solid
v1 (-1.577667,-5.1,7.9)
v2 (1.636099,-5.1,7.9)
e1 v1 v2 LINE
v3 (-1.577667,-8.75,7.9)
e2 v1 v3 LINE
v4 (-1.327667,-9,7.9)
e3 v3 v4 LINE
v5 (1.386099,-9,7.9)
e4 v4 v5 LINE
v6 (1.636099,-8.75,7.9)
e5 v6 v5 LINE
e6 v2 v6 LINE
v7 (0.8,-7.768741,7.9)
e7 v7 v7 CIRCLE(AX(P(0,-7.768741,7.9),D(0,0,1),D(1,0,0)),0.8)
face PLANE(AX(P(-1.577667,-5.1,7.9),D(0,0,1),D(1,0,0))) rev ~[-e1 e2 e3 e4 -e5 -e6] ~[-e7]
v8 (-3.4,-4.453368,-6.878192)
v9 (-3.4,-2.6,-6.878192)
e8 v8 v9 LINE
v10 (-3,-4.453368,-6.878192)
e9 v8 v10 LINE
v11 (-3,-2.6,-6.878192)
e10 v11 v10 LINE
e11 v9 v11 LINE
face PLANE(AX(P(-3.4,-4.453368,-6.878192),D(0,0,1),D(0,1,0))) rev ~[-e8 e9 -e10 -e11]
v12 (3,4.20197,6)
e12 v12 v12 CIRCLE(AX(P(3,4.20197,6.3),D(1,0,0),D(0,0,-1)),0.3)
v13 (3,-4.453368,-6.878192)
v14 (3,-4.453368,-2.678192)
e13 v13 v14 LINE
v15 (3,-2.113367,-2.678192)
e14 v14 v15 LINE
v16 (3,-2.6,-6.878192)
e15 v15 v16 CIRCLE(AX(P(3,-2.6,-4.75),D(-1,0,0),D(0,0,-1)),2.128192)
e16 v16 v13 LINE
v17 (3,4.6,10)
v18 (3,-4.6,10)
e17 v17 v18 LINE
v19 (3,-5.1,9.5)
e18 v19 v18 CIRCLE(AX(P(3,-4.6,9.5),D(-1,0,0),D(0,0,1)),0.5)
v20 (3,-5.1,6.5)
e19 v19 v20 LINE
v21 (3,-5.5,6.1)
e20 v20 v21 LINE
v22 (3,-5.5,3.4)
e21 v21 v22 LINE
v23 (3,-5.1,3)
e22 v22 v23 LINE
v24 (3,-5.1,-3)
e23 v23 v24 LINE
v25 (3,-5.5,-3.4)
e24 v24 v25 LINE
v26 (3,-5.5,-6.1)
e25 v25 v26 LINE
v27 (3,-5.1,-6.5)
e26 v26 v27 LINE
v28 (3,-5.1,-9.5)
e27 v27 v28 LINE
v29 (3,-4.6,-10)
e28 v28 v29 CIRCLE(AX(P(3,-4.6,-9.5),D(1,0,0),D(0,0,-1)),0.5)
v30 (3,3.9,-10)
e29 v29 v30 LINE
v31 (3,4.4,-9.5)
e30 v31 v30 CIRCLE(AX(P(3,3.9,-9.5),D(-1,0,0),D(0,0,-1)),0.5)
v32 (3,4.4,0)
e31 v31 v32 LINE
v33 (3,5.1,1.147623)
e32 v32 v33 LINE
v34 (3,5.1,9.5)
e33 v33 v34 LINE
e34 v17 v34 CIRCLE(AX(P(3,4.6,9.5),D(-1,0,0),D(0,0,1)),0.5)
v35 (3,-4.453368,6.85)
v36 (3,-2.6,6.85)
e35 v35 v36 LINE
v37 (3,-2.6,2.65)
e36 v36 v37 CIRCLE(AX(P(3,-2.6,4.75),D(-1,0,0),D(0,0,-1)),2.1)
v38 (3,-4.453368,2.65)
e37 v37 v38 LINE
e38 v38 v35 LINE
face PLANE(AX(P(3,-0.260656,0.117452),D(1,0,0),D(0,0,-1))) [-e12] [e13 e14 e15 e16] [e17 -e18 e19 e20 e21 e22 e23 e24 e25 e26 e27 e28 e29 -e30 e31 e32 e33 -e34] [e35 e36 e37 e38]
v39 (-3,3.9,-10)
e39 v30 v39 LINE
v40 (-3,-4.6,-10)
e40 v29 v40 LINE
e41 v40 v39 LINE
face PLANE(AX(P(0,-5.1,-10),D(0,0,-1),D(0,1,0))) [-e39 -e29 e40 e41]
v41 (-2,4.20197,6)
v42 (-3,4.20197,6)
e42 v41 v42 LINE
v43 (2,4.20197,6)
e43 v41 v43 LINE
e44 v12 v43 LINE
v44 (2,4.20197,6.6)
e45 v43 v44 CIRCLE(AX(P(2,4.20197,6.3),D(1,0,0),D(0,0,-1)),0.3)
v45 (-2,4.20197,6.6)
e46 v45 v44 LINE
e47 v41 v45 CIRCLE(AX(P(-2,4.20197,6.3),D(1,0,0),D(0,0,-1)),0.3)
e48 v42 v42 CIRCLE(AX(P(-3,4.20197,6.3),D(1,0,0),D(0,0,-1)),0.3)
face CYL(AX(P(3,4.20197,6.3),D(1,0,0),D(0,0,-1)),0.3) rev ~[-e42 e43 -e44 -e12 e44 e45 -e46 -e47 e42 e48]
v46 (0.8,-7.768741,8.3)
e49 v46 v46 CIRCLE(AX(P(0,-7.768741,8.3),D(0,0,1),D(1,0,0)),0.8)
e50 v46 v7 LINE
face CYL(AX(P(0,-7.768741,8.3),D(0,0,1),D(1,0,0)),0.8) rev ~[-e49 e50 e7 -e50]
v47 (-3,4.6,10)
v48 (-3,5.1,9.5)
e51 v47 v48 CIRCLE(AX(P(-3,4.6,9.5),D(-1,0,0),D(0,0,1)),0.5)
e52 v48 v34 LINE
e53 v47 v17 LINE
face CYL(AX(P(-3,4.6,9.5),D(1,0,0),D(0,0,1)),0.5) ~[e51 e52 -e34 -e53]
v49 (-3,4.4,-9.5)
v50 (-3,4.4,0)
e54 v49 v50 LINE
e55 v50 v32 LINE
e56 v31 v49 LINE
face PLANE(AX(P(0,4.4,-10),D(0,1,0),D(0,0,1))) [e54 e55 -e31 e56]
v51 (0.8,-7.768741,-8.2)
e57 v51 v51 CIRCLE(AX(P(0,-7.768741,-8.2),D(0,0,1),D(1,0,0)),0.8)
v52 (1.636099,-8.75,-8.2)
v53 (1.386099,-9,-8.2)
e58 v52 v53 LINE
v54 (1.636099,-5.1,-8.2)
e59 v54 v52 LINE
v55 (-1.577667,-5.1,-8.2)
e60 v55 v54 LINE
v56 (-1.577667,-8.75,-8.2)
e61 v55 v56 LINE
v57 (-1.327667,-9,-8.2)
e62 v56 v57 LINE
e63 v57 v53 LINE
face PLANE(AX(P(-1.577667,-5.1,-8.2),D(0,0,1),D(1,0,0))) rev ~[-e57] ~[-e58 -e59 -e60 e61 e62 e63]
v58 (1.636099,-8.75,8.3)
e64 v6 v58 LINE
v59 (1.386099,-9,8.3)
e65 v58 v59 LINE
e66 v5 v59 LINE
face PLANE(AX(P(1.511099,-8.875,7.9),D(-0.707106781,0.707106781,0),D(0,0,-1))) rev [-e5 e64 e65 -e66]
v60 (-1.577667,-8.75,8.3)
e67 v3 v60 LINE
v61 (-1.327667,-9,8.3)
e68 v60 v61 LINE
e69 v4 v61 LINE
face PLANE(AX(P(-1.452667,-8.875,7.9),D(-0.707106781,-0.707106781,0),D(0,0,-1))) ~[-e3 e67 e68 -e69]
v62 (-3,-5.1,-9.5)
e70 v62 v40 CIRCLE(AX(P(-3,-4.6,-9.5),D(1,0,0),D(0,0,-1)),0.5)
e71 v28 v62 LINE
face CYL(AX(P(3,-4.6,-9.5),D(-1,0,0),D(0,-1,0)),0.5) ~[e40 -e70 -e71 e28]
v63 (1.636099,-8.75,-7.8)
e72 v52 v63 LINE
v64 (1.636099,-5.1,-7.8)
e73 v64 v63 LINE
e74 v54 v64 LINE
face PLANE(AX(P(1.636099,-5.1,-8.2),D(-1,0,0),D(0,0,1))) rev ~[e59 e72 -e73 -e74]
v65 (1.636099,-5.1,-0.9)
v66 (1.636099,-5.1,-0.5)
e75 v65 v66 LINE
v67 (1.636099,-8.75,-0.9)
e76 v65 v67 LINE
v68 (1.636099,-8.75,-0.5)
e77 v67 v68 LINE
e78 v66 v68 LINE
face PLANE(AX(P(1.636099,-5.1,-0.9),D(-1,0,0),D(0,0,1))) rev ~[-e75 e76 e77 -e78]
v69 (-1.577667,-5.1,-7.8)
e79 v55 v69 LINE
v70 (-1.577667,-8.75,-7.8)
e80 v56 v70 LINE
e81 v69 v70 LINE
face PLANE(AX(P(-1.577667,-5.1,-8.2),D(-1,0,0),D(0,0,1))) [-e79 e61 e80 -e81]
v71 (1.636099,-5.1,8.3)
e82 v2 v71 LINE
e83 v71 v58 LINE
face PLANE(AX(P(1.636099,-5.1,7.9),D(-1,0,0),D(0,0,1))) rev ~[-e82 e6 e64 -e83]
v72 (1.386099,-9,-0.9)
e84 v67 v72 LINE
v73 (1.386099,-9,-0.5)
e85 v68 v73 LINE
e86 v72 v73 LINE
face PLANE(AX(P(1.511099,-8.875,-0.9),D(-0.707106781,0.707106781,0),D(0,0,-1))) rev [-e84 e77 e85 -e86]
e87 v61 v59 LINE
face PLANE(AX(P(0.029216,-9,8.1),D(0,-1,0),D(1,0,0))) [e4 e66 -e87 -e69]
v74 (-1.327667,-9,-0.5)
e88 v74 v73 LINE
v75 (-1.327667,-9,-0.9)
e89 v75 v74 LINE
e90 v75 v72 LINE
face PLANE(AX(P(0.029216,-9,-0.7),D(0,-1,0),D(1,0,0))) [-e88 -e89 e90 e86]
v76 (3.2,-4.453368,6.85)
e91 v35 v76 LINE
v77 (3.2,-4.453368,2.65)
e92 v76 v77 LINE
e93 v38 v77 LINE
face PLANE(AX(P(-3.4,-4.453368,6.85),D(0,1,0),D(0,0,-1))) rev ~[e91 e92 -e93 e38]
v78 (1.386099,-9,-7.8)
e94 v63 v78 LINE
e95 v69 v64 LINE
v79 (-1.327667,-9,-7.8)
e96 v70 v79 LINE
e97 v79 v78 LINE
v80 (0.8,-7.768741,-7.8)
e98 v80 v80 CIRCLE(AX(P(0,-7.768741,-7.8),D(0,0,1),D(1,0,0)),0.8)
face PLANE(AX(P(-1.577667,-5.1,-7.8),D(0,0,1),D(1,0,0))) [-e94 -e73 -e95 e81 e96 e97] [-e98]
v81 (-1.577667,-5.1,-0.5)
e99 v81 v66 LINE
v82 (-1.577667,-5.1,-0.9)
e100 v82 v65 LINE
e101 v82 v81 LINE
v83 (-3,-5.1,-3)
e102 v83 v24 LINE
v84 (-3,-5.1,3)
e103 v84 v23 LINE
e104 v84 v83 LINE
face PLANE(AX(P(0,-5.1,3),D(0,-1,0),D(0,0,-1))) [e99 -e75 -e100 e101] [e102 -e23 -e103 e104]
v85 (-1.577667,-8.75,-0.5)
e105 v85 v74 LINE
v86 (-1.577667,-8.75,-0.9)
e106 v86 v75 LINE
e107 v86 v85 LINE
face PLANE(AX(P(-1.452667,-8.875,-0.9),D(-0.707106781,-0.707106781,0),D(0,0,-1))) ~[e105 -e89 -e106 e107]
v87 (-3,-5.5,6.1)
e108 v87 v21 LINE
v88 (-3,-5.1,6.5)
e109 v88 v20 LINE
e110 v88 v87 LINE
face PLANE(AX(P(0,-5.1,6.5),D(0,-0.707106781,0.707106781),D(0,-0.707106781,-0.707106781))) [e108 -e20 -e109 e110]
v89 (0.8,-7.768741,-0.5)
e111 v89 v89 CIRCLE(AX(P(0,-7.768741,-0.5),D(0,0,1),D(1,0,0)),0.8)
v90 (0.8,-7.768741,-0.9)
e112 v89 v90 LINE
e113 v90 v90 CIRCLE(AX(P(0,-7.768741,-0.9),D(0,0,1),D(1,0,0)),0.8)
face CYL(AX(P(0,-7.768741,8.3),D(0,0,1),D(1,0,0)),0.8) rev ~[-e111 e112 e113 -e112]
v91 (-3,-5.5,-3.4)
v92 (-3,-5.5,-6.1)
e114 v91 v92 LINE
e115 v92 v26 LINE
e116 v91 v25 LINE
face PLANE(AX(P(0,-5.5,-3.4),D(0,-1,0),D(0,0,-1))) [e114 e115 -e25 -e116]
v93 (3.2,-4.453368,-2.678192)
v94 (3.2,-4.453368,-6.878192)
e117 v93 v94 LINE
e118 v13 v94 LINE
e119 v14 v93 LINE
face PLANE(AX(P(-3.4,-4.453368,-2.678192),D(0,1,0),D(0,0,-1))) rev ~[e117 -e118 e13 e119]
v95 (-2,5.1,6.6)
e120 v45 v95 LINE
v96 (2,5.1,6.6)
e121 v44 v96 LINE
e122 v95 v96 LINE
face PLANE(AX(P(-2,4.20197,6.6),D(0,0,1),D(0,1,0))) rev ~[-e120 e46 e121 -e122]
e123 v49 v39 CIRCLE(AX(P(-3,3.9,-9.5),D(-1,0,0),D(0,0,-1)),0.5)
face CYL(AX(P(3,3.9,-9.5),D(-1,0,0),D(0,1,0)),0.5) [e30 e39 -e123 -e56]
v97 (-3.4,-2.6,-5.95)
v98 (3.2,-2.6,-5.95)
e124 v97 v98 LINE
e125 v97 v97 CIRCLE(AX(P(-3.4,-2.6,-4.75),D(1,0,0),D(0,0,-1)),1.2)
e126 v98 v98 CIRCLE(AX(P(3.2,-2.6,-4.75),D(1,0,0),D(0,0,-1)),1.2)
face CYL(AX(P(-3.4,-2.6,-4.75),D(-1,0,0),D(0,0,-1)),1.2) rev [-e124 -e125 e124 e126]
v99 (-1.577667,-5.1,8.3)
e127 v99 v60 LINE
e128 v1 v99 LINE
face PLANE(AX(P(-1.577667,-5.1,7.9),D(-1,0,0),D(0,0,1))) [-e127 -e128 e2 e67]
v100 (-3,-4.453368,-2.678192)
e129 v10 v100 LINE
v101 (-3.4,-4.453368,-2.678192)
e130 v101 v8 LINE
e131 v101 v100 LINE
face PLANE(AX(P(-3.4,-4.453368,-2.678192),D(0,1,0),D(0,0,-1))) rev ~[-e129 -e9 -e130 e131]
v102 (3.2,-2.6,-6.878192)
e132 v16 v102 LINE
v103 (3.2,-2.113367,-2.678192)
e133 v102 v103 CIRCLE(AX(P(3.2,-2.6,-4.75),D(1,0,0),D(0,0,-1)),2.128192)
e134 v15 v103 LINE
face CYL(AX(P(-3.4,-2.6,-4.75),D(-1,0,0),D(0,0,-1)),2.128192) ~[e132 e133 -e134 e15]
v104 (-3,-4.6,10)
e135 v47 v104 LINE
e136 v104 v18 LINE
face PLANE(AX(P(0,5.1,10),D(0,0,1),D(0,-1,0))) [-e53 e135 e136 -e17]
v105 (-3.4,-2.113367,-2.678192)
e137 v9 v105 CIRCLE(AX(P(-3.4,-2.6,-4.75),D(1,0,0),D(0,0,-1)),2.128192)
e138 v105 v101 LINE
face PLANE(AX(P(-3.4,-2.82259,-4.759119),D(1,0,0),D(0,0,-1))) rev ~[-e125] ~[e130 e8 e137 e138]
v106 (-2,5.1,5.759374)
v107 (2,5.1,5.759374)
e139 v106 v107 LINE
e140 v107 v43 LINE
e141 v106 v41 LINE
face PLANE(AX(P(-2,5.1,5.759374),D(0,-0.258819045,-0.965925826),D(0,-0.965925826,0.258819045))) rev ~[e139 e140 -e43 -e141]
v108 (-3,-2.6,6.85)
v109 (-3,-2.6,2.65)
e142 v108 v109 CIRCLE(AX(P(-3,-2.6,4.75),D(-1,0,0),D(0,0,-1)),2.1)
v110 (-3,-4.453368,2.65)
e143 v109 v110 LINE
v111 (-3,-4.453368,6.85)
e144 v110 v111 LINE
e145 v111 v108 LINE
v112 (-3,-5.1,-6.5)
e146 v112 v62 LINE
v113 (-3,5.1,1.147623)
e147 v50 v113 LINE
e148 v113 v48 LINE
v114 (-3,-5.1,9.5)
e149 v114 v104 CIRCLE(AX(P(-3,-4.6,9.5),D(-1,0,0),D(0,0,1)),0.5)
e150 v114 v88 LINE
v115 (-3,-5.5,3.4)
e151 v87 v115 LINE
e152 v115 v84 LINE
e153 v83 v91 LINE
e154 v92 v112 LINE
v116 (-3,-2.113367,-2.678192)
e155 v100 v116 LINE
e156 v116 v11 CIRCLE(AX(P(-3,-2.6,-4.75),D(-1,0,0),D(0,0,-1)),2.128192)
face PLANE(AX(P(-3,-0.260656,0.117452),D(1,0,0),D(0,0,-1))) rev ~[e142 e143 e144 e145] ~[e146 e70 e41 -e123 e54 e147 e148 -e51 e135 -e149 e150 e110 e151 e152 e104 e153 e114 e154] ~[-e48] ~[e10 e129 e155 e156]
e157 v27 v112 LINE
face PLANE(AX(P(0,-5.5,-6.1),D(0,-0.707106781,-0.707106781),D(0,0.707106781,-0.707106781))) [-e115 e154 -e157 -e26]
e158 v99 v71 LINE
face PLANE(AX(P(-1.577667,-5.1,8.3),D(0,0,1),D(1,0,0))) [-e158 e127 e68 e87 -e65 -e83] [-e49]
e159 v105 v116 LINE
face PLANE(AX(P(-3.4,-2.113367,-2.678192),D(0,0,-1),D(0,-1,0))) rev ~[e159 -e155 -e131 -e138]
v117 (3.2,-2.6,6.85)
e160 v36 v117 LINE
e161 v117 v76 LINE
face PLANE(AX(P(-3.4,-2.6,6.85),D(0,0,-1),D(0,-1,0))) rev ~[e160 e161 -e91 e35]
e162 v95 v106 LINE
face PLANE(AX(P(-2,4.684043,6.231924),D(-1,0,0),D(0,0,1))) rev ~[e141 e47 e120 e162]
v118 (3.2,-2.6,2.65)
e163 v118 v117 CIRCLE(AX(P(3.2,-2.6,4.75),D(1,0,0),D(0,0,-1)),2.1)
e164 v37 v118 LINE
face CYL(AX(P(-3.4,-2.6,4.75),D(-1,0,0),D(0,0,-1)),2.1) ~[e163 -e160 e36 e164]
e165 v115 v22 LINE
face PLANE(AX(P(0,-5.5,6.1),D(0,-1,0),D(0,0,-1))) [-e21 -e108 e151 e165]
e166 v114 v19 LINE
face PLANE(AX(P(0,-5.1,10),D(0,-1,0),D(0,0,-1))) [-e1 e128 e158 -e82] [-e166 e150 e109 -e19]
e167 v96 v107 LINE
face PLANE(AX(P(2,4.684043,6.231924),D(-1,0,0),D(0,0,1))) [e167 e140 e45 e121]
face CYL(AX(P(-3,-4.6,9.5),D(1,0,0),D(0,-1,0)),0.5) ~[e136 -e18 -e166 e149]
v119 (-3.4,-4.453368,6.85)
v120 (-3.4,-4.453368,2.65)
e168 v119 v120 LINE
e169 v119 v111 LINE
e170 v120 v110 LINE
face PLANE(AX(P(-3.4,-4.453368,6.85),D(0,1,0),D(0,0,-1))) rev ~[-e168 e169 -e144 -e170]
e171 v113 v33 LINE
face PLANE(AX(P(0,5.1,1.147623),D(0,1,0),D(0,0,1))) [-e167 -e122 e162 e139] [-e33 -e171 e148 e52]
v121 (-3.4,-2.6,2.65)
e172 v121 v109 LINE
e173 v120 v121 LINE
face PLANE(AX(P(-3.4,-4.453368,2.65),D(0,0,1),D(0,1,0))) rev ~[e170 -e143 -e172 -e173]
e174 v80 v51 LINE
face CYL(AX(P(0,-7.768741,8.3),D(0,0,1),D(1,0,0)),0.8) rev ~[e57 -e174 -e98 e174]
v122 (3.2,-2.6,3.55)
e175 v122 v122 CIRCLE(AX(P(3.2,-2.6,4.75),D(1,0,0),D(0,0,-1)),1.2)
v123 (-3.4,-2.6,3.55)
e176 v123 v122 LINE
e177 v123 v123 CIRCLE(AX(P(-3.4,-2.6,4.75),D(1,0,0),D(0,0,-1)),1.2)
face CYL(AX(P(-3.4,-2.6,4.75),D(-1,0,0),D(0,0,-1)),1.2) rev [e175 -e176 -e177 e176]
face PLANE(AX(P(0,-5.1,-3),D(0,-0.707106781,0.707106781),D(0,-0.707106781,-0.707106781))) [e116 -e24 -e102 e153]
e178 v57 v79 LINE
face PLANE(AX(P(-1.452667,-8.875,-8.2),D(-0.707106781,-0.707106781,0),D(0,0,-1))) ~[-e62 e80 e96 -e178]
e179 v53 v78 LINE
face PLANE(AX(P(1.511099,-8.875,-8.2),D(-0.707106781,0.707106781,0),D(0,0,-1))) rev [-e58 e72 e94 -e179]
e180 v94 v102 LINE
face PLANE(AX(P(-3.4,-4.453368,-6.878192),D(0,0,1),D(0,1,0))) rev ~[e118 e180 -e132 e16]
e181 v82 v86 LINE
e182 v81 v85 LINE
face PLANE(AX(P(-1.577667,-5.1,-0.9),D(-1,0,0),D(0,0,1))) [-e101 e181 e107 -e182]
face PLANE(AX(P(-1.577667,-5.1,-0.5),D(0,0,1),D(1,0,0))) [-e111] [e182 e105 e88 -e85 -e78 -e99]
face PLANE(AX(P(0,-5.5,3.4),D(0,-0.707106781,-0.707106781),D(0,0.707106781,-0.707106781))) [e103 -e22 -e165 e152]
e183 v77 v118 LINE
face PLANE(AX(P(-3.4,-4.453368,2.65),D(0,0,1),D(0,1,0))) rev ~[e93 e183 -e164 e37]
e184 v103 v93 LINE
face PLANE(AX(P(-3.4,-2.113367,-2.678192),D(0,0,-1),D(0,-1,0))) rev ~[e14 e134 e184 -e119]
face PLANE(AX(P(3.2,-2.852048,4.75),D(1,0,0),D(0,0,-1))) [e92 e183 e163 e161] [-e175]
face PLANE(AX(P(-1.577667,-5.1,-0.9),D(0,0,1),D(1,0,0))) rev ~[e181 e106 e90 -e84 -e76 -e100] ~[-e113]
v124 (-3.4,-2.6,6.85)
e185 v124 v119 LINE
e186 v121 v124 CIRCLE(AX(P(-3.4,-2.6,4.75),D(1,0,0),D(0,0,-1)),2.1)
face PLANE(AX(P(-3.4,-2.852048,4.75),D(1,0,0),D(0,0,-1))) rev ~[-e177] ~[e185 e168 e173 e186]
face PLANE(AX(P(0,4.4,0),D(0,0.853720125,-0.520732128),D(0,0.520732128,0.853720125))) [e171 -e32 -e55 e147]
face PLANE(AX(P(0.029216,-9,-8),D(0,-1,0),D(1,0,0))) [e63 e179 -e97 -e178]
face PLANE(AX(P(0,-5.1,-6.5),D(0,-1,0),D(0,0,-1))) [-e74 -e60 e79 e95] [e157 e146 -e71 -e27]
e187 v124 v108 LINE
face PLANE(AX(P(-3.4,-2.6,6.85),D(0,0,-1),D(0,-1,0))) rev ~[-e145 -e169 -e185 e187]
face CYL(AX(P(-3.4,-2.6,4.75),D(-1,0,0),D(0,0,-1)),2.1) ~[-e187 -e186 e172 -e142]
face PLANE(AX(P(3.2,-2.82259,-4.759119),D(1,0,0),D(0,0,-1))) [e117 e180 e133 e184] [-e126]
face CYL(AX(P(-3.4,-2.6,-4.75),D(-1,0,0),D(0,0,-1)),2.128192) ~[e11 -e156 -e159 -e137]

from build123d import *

# Parameters (mm, degrees)
BOSS_EXTRUDE1_DEPTH      = 3
SKETCH5_W                = 3.213765407
SKETCH5_H                = 0.4
BOSS_EXTRUDE2_DEPTH      = 3.9
CHAMFER2_SIZE            = 0.25
SKETCH6_R                = 0.8
CUT_EXTRUDE1_DEPTH       = 21.612860064
FILLET1_R                = 0.5
SKETCH7_R                = 1.2
CUT_EXTRUDE2_DEPTH       = 15.730919863
BOSS_EXTRUDE5_DEPTH      = 3.2
BOSS_EXTRUDE5_DEPTH_BACK = 3.4
SKETCH11_R               = 1.2
SKETCH12_R               = 0.3
CUT_EXTRUDE3_DEPTH       = 15.898322053
CUT_EXTRUDE4_DEPTH       = 2
CUT_EXTRUDE4_DEPTH_BACK  = 2


with BuildPart() as part:
    # Sketch1 → Boss-Extrude1 (new, symmetric)
    with BuildSketch(Plane(origin=(0, 0, 0), x_dir=(0, 0, -1), z_dir=(1, 0, 0))):
        Polygon((10, 4.4), (0, 4.4), (-1.147622848, 5.1), (-10, 5.1), (-10, -5.1), (-6.5, -5.1), (-6.1, -5.5), (-3.4, -5.5), (-3, -5.1), (3, -5.1), (3.4, -5.5), (6.1, -5.5), (6.5, -5.1), (10, -5.1), align=None)
    extrude(amount=BOSS_EXTRUDE1_DEPTH, both=True)

    # Sketch5 → Boss-Extrude2 (add)
    with BuildSketch(Plane.XZ.offset(5.1)):
        with Locations((0.02921605, 8.1)):
            Rectangle(SKETCH5_W, SKETCH5_H)
        with Locations((0.02921605, -0.7)):
            Rectangle(SKETCH5_W, SKETCH5_H)
        with Locations((0.02921605, -8)):
            Rectangle(SKETCH5_W, SKETCH5_H)
    extrude(amount=BOSS_EXTRUDE2_DEPTH)

    # Chamfer2
    chamfer2_edges = [part.edges().sort_by_distance(p)[0] for p in [
        (-1.577666654, -9, 8.1),
        (1.636098753, -9, 8.1),
        (-1.577666654, -9, -0.7),
        (1.636098753, -9, -0.7),
        (-1.577666654, -9, -8),
        (1.636098753, -9, -8),
    ]]
    chamfer(chamfer2_edges, length=CHAMFER2_SIZE)

    # Sketch6 → Cut-Extrude1 (cut, through all)
    with BuildSketch(Plane.XY.offset(8.3)):
        with Locations((0, -7.76874139)):
            Circle(SKETCH6_R)
    extrude(amount=-CUT_EXTRUDE1_DEPTH, mode=Mode.SUBTRACT)

    # Fillet1
    fillet1_edges = [part.edges().sort_by_distance(p)[0] for p in [
        (0, -5.1, 10),
        (0, 5.1, 10),
        (0, 4.4, -10),
        (0, -5.1, -10),
    ]]
    fillet(fillet1_edges, radius=FILLET1_R)

    # Sketch7 → Cut-Extrude2 (cut, through all)
    with BuildSketch(Plane(origin=(3, 0, 0), x_dir=(0, 0, -1), z_dir=(1, 0, 0))):
        with Locations((-4.75, -2.6)):
            Circle(SKETCH7_R)
        with Locations((4.75, -2.6)):
            Circle(SKETCH7_R)
    extrude(amount=-CUT_EXTRUDE2_DEPTH, mode=Mode.SUBTRACT)

    # Sketch11 → Boss-Extrude5 (add, two sides: drawn at the far end of the back side and taken through both)
    # profile 1 of 2: a face of its own
    with BuildSketch(Plane(origin=(0, 0, 0), x_dir=(0, 0, -1), z_dir=(1, 0, 0)).offset(-BOSS_EXTRUDE5_DEPTH_BACK)):
        with BuildLine():
            Line((-6.85, -4.453368072), (-2.65, -4.453368072))
            Line((-2.65, -4.453368072), (-2.65, -2.6))
            ThreePointArc((-2.65, -2.6), (-4.75, -0.5), (-6.85, -2.6))
            Line((-6.85, -2.6), (-6.85, -4.453368072))
        make_face()
        with Locations((-4.75, -2.6)):
            Circle(SKETCH11_R, mode=Mode.SUBTRACT)
    # profile 2 of 2: a face of its own
    with BuildSketch(Plane(origin=(0, 0, 0), x_dir=(0, 0, -1), z_dir=(1, 0, 0)).offset(-BOSS_EXTRUDE5_DEPTH_BACK)):
        with BuildLine():
            Line((2.678191921, -4.453368072), (6.878191921, -4.453368072))
            Line((6.878191921, -4.453368072), (6.878191921, -2.6))
            ThreePointArc((6.878191921, -2.6), (4.994944522, -0.485951033), (2.678191921, -2.113366526))
            Line((2.678191921, -2.113366526), (2.678191921, -4.453368072))
        make_face()
        with Locations((4.75, -2.6)):
            Circle(SKETCH11_R, mode=Mode.SUBTRACT)
    extrude(amount=BOSS_EXTRUDE5_DEPTH + BOSS_EXTRUDE5_DEPTH_BACK)

    # Sketch12 → Cut-Extrude3 (cut, through all)
    with BuildSketch(Plane(origin=(3, 0, 0), x_dir=(0, 0, -1), z_dir=(1, 0, 0))):
        with Locations((-6.3, 4.201970351)):
            Circle(SKETCH12_R)
    extrude(amount=-CUT_EXTRUDE3_DEPTH, mode=Mode.SUBTRACT)

    # Sketch13 → Cut-Extrude4 (cut, two sides: drawn at the far end of the back side and taken through both)
    with BuildSketch(Plane(origin=(0, 0, 0), x_dir=(0, 0, -1), z_dir=(1, 0, 0)).offset(-CUT_EXTRUDE4_DEPTH_BACK)):
        Polygon((-6.6, 4.201970351), (-6.6, 5.1), (-5.759373681, 5.1), (-6, 4.201970351), align=None)
    extrude(amount=CUT_EXTRUDE4_DEPTH + CUT_EXTRUDE4_DEPTH_BACK, mode=Mode.SUBTRACT)


solid = part.part
